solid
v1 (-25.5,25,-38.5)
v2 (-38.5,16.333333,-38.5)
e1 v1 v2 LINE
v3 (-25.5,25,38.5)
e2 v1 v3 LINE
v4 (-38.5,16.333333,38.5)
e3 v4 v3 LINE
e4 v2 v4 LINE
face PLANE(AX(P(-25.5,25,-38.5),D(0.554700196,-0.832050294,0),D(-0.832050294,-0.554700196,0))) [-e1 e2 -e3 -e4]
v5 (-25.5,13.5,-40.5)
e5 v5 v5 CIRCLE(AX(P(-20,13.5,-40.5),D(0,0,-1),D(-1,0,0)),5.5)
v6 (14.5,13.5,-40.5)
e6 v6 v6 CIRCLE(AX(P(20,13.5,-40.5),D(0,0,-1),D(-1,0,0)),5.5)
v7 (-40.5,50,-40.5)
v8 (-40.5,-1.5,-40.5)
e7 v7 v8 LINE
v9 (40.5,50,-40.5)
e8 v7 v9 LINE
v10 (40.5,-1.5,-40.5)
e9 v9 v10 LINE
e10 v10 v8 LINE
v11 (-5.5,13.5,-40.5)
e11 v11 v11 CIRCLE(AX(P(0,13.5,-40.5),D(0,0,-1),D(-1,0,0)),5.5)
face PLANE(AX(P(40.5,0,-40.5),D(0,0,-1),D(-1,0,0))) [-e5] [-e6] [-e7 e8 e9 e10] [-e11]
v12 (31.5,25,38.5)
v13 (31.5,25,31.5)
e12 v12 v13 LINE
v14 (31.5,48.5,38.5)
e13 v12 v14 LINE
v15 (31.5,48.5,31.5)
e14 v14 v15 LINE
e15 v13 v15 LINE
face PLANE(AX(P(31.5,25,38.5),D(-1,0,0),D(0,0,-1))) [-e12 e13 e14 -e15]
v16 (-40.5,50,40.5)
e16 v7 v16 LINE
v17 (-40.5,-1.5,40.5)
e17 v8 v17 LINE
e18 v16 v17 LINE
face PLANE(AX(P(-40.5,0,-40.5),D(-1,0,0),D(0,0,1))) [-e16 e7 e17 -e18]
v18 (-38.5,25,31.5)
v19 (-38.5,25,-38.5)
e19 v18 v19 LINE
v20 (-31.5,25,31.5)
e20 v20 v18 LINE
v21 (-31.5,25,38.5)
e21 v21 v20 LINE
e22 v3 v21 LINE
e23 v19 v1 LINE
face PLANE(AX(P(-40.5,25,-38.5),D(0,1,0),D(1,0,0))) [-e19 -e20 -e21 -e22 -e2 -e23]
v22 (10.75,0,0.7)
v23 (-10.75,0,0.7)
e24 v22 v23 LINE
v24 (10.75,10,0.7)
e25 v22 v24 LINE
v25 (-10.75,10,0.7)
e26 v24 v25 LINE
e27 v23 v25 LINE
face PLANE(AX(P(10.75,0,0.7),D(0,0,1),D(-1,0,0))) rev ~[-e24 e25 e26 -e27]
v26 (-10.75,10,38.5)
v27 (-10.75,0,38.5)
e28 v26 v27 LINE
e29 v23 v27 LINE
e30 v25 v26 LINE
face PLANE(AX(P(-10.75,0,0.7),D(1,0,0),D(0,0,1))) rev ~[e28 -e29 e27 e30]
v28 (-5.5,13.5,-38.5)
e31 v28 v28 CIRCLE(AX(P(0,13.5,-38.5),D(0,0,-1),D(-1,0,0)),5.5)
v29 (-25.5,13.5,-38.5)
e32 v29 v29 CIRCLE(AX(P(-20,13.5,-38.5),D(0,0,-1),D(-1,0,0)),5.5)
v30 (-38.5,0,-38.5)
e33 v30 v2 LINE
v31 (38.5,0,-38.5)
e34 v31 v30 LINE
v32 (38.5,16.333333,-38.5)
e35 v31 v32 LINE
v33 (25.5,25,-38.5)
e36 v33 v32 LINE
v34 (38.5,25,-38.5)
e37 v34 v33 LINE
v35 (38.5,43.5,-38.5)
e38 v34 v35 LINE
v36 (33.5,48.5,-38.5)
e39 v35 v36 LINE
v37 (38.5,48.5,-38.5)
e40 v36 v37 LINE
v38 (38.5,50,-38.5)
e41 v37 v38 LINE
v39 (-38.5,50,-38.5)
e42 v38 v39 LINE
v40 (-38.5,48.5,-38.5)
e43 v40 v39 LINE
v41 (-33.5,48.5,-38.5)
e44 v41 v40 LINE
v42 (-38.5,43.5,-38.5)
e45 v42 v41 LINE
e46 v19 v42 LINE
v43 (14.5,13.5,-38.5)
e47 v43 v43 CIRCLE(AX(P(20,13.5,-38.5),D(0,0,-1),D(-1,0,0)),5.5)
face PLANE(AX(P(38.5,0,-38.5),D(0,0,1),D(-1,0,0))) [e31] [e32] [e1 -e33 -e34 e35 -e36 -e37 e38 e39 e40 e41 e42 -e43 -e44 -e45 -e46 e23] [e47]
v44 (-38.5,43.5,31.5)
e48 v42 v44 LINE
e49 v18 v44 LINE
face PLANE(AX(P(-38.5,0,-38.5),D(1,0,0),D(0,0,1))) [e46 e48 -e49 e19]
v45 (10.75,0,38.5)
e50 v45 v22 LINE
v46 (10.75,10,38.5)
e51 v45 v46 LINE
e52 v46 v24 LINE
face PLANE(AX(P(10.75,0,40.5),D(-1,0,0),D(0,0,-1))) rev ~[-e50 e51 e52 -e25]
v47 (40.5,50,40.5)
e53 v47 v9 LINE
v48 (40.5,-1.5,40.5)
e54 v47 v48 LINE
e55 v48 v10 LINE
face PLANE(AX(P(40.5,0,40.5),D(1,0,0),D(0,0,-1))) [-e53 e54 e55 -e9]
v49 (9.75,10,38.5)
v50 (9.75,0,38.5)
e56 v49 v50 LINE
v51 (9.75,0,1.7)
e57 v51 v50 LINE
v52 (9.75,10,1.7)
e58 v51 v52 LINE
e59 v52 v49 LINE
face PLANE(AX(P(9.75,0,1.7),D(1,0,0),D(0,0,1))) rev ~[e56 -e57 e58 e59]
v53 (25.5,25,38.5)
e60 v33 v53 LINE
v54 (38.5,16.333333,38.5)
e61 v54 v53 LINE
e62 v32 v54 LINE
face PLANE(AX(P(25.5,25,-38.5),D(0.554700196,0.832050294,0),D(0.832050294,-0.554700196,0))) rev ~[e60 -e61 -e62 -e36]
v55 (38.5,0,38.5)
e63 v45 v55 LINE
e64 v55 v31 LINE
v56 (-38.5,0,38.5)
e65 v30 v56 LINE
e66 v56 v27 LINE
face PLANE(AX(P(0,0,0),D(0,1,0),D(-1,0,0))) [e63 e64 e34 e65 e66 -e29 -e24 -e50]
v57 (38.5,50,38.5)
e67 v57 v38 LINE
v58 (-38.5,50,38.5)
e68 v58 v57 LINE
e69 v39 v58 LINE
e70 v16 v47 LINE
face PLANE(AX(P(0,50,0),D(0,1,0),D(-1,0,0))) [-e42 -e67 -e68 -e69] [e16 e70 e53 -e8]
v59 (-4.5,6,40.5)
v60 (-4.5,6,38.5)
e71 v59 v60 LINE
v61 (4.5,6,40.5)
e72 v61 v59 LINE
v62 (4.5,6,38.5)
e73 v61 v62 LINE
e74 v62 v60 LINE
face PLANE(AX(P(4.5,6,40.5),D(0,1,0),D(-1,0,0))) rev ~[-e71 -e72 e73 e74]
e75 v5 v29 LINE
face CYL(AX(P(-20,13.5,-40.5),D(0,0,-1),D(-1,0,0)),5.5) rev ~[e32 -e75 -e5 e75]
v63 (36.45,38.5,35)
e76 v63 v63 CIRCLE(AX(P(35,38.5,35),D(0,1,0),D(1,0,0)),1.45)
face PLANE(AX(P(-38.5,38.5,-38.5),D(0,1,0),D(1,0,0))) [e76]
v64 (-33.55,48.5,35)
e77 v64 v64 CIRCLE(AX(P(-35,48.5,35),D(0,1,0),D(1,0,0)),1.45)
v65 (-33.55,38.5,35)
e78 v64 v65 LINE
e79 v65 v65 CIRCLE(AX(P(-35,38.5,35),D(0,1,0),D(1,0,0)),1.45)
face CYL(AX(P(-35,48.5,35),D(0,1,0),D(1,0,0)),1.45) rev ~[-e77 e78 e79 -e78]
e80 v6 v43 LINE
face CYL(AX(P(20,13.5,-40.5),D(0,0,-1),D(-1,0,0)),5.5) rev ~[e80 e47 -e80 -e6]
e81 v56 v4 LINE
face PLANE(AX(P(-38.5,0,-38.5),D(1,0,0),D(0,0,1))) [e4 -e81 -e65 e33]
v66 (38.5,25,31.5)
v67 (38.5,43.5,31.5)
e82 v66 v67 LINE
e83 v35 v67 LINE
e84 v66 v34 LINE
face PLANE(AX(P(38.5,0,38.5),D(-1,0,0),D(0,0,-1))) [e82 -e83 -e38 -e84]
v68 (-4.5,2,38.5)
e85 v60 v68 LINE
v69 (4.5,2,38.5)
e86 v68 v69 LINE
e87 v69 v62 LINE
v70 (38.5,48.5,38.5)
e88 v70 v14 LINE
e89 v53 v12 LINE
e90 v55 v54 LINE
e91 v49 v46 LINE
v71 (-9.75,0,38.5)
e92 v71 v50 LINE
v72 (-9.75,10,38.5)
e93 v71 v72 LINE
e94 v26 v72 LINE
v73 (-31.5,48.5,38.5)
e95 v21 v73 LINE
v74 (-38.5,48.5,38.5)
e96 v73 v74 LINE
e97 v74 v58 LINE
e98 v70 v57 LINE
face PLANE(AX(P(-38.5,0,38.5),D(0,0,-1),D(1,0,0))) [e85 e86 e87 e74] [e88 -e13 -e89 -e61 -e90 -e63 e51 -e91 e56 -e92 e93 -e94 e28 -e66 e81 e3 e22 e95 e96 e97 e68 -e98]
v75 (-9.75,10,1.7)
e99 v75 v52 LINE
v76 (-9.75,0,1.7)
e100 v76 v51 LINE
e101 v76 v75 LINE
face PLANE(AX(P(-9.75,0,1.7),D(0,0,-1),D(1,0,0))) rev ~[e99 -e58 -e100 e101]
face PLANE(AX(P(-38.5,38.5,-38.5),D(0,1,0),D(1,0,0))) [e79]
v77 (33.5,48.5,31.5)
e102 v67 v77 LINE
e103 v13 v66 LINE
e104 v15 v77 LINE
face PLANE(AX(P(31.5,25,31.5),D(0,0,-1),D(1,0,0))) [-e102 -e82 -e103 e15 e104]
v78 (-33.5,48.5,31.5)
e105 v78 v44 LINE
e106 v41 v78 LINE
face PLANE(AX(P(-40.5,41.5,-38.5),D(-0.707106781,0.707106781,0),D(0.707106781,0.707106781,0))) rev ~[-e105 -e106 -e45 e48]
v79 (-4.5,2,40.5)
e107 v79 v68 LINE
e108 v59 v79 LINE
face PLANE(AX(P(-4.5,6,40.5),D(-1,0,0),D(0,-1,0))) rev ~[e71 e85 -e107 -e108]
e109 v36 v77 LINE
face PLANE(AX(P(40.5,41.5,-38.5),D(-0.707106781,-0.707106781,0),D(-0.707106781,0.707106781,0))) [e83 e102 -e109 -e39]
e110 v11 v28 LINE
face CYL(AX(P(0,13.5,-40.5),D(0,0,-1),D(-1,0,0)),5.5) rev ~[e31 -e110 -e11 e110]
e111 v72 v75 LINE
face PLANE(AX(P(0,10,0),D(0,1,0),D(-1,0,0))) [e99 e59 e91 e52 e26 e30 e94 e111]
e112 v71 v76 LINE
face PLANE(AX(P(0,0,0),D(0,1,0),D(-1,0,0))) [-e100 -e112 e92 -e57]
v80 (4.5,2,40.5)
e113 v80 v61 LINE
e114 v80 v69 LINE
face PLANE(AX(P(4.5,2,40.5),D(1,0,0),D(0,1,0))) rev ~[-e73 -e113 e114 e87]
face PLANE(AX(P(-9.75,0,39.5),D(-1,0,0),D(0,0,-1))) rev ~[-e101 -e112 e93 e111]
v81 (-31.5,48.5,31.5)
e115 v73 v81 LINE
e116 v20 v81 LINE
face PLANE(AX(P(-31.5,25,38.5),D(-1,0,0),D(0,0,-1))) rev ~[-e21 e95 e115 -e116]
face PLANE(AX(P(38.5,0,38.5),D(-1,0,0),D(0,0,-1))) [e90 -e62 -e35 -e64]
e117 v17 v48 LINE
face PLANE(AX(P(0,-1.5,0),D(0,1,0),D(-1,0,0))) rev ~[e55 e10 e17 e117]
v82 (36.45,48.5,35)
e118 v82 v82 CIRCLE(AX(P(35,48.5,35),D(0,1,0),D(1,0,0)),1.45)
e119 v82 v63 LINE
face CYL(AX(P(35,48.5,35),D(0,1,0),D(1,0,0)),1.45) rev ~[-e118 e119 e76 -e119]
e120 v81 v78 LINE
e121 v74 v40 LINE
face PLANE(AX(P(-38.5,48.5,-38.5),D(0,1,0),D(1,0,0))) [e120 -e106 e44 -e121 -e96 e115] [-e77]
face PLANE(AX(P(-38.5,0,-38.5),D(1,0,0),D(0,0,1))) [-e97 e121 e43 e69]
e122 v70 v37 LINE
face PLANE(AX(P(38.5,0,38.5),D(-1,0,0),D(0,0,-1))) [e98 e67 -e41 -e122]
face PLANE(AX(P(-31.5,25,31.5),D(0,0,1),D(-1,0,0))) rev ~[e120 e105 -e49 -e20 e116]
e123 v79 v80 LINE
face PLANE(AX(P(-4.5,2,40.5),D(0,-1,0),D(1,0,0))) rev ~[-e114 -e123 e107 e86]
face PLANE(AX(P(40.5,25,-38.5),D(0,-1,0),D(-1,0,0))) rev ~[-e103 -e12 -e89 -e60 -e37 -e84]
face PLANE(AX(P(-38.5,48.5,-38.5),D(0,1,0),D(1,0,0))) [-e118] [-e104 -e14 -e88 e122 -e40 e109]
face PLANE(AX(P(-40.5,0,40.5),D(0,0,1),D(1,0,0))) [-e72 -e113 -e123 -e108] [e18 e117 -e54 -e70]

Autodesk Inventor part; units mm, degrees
ref_plane "YZ Plane" through (0, 0, 0) normal (1, 0, 0) x (0, 1, 0)
ref_plane "XZ Plane" through (0, 0, 0) normal (0, 1, 0) x (-1, 0, 0)
ref_plane "XY Plane" through (0, 0, 0) normal (0, 0, 1) x (1, 0, 0)
sketch "Sketch1" plane through (0, 0, 0) normal (0, 1, 0) x (-1, 0, 0)
  line L0 (40.5, 40.5) -> (-40.5, 40.5)
  line L1 (-40.5, 40.5) -> (-40.5, -40.5)
  line L2 (-40.5, -40.5) -> (40.5, -40.5)
  line L3 (40.5, -40.5) -> (40.5, 40.5)
  line L4 (40.5, 40.5) -> (-40.5, -40.5) construction
  line L5 (-40.5, 40.5) -> (40.5, -40.5) construction
  point P0 (0, 0)
  dimension "box_width" = 81
  dimension "box_height" = 81
extrude "Base" add sketch "Sketch1" against normal blind 1.5
sketch "Sketch2" plane through (0, 0, 0) normal (0, 1, 0) x (-1, 0, 0)
  line L0 (40.5, -40.5) -> (-40.5, -40.5) projected
  line L1 (40.5, 40.5) -> (-40.5, 40.5)
  line L2 (-40.5, 40.5) -> (-40.5, -40.5)
  line L3 (-40.5, -40.5) -> (40.5, -40.5)
  line L4 (40.5, -40.5) -> (40.5, 40.5)
  line L5 (40.5, 40.5) -> (-40.5, -40.5) construction
  line L6 (-40.5, 40.5) -> (40.5, -40.5) construction
  line L7 (38.5, 38.5) -> (-38.5, 38.5)
  line L8 (-38.5, 38.5) -> (-38.5, -38.5)
  line L9 (-38.5, -38.5) -> (38.5, -38.5)
  line L10 (38.5, -38.5) -> (38.5, 38.5)
  line L11 (38.5, 38.5) -> (-38.5, -38.5) construction
  line L12 (-38.5, 38.5) -> (38.5, -38.5) construction
  point P0 (0, 0)
  dimension "wall_thickness" = 2
extrude "Wall" add sketch "Sketch2" along normal blind 50
sketch "Sketch3" plane through (0, 0, 0) normal (0, 1, 0) x (-1, 0, 0)
  line L0 (-9.75, 39.5) -> (9.75, 39.5)
  line L1 (9.75, 39.5) -> (9.75, 1.7)
  line L2 (9.75, 1.7) -> (-9.75, 1.7)
  line L3 (-9.75, 1.7) -> (-9.75, 39.5)
  line L4 (-9.75, 39.5) -> (9.75, 1.7) construction
  line L5 (9.75, 39.5) -> (-9.75, 1.7) construction
  line L6 (0, 20.6) -> (0, 0) construction
  line L7 (10.75, 40.5) -> (-10.75, 40.5)
  line L8 (-10.75, 40.5) -> (-10.75, 0.7)
  line L9 (-10.75, 0.7) -> (10.75, 0.7)
  line L10 (10.75, 0.7) -> (10.75, 40.5)
  line L11 (10.75, 40.5) -> (-10.75, 0.7) construction
  line L12 (-10.75, 40.5) -> (10.75, 0.7) construction
  line L13 (40.5, 40.5) -> (-40.5, 40.5) projected
  point P0 (0, 40.5)
  dimension "d7" = 37.8
  dimension "d8" = 19.5
  dimension "d9" = 1
  dimension "d10" = 1
extrude "Teensy Wall" add sketch "Sketch3" along normal blind 10
sketch "Sketch4" plane through (40.5, -1.5, -40.5) normal (0, 0, -1) x (-1, 0, 0)
  line L0 (79, 51.5) -> (2, 51.5) construction
  line L1 (2, 51.5) -> (79, 51.5) construction
  line L2 (40.5, 51.5) -> (40.5, 15) construction
  line L3 (40.5, 15) -> (20.5, 15) construction
  circle A0 centre (20.5, 15) radius 5.5
  line L4 (40.5, 15) -> (40.5, 0) construction
  line L5 (81, 0) -> (0, 0) construction
  circle A1 centre (40.5, 15) radius 5.5
  circle A2 centre (60.5, 15) radius 5.5
  dimension "d21" = 11
  dimension "d23" = 20
  dimension "d59" = 20
extrude "BNC Holes" cut sketch "Sketch4" against normal up to surface (2 mm away)
sketch "Sketch7" plane through (-38.5, 0, -38.5) normal (0, 0, 1) x (1, 0, 0)
  line L0 (79, 50) -> (-2, 50) projected
  line L1 (-2, -1.5) -> (-2, 50) projected
  line L2 (-2, 50) -> (-2, 25) construction
  line L3 (-2, 25) -> (13, 25)
  line L4 (13, 25) -> (-2, 15)
  line L5 (-2, 15) -> (-2, 25)
  line L6 (38.5, 50) -> (38.5, 0) construction
  line L7 (79, -1.5) -> (79, 50)
  line L8 (79, 50) -> (79, 25) construction
  line L9 (79, 25) -> (64, 25)
  line L10 (64, 25) -> (79, 15)
  line L11 (79, 15) -> (79, 25)
  point P0 (-2, 30)
  dimension "d32" = 25
  dimension "d33" = 10
  dimension "d34" = 15
extrude "Battery Support" add sketch "Sketch7" along normal up to next
sketch "Sketch8" plane through (-40.5, -1.5, 40.5) normal (0, 0, 1) x (1, 0, 0)
  line L0 (79, 51.5) -> (2, 51.5) construction
  line L1 (40.5, 51.5) -> (40.5, 1.5) construction
  line L2 (36, 3.5) -> (45, 3.5)
  line L3 (45, 3.5) -> (45, 7.5)
  line L4 (45, 7.5) -> (36, 7.5)
  line L5 (36, 7.5) -> (36, 3.5)
  line L6 (36, 3.5) -> (45, 7.5) construction
  line L7 (45, 3.5) -> (36, 7.5) construction
  point P0 (40.5, 5.5)
  dimension "d36" = 9
  dimension "d37" = 4
  dimension "d38" = 2
extrude "USB Hole" cut sketch "Sketch8" against normal up to next
sketch "Sketch9" plane through (-38.5, 25, -38.5) normal (0, 1, 0) x (1, 0, 0)
  line L0 (0, 0) -> (77, 0) projected
  line L1 (64, 0) -> (64, -77) projected
  line L2 (49.25, -77) -> (77, -77) projected
  line L3 (77, 0) -> (77, -77) projected
  line L4 (85.7069, 0) -> (84.513, 0)
  line L5 (77, -77) -> (70, -77)
  line L6 (70, -77) -> (70, -70)
  line L7 (70, -70) -> (77, -70)
  line L8 (77, -70) -> (77, -77)
  line L9 (77, 0) -> (0, 0) projected
  line L10 (0, -77) -> (5.9059, -77)
  line L11 (0, -77) -> (5.9059, -77)
  line L12 (0, -77) -> (7, -77)
  line L13 (7, -77) -> (7, -70)
  line L14 (7, -70) -> (0, -70)
  line L15 (0, -70) -> (0, -77)
  line L16 (77, -77) -> (0, -77) projected
  line L17 (0, -77) -> (0, 0) projected
  dimension "d66" = 7
extrude "Plate Support" add sketch "Sketch9" along normal blind 23.5 contours L14 L13 L12 L10 L15 | L3 L2 L6 L7
sketch "Sketch15" plane through (-38.5, 0, -38.5) normal (0, 0, 1) x (1, 0, 0)
  line L0 (-2, 48.5) -> (-2, 41.5)
  line L1 (-2, 41.5) -> (5, 48.5)
  line L2 (5, 48.5) -> (-2, 48.5)
  line L3 (-2, -1.5) -> (-2, 50) projected
  line L4 (79, 50) -> (-2, 50) projected
  line L5 (38.5, 50) -> (38.5, -1.5)
  line L6 (-2, -1.5) -> (79, -1.5) projected
  line L7 (79, 48.5) -> (79, 41.5)
  line L8 (79, 41.5) -> (72, 48.5)
  line L9 (72, 48.5) -> (79, 48.5)
  point P0 (38.5, 0)
  dimension "d70" = 7
  dimension "d71" = 1.5
extrude "Extrusion12" add sketch "Sketch15" along normal up to surface (79 mm away) contours L2 L1 L0 | L7 L8 L9
sketch "Sketch14" plane through (-38.5, 48.5, -38.5) normal (0, 1, 0) x (1, 0, 0)
  circle A0 centre (3.5, -73.5) radius 1.45
  line L0 (7, -70) -> (7, -77) construction
  line L1 (3.5, -73.5) -> (7, -70) construction
  line L2 (3.5, -73.5) -> (7, -77) construction
  line L3 (77, -77) -> (0, -77) construction
  line L4 (0, -77) -> (3.5, -73.5) construction
  circle A1 centre (73.5, -73.5) radius 1.45
  line L5 (70, -77) -> (70, -70) construction
  line L6 (70, -70) -> (73.5, -73.5) construction
  line L7 (70, -70) -> (77, -70) construction
  line L8 (73.5, -73.5) -> (77, -70) construction
  line L9 (73.5, -73.5) -> (70, -77) construction
  point P0 (38.5, -38.5)
  dimension "d67" = 2.9
extrude "Extrusion11" cut sketch "Sketch14" against normal blind 10
properties part number "teensy_box"
